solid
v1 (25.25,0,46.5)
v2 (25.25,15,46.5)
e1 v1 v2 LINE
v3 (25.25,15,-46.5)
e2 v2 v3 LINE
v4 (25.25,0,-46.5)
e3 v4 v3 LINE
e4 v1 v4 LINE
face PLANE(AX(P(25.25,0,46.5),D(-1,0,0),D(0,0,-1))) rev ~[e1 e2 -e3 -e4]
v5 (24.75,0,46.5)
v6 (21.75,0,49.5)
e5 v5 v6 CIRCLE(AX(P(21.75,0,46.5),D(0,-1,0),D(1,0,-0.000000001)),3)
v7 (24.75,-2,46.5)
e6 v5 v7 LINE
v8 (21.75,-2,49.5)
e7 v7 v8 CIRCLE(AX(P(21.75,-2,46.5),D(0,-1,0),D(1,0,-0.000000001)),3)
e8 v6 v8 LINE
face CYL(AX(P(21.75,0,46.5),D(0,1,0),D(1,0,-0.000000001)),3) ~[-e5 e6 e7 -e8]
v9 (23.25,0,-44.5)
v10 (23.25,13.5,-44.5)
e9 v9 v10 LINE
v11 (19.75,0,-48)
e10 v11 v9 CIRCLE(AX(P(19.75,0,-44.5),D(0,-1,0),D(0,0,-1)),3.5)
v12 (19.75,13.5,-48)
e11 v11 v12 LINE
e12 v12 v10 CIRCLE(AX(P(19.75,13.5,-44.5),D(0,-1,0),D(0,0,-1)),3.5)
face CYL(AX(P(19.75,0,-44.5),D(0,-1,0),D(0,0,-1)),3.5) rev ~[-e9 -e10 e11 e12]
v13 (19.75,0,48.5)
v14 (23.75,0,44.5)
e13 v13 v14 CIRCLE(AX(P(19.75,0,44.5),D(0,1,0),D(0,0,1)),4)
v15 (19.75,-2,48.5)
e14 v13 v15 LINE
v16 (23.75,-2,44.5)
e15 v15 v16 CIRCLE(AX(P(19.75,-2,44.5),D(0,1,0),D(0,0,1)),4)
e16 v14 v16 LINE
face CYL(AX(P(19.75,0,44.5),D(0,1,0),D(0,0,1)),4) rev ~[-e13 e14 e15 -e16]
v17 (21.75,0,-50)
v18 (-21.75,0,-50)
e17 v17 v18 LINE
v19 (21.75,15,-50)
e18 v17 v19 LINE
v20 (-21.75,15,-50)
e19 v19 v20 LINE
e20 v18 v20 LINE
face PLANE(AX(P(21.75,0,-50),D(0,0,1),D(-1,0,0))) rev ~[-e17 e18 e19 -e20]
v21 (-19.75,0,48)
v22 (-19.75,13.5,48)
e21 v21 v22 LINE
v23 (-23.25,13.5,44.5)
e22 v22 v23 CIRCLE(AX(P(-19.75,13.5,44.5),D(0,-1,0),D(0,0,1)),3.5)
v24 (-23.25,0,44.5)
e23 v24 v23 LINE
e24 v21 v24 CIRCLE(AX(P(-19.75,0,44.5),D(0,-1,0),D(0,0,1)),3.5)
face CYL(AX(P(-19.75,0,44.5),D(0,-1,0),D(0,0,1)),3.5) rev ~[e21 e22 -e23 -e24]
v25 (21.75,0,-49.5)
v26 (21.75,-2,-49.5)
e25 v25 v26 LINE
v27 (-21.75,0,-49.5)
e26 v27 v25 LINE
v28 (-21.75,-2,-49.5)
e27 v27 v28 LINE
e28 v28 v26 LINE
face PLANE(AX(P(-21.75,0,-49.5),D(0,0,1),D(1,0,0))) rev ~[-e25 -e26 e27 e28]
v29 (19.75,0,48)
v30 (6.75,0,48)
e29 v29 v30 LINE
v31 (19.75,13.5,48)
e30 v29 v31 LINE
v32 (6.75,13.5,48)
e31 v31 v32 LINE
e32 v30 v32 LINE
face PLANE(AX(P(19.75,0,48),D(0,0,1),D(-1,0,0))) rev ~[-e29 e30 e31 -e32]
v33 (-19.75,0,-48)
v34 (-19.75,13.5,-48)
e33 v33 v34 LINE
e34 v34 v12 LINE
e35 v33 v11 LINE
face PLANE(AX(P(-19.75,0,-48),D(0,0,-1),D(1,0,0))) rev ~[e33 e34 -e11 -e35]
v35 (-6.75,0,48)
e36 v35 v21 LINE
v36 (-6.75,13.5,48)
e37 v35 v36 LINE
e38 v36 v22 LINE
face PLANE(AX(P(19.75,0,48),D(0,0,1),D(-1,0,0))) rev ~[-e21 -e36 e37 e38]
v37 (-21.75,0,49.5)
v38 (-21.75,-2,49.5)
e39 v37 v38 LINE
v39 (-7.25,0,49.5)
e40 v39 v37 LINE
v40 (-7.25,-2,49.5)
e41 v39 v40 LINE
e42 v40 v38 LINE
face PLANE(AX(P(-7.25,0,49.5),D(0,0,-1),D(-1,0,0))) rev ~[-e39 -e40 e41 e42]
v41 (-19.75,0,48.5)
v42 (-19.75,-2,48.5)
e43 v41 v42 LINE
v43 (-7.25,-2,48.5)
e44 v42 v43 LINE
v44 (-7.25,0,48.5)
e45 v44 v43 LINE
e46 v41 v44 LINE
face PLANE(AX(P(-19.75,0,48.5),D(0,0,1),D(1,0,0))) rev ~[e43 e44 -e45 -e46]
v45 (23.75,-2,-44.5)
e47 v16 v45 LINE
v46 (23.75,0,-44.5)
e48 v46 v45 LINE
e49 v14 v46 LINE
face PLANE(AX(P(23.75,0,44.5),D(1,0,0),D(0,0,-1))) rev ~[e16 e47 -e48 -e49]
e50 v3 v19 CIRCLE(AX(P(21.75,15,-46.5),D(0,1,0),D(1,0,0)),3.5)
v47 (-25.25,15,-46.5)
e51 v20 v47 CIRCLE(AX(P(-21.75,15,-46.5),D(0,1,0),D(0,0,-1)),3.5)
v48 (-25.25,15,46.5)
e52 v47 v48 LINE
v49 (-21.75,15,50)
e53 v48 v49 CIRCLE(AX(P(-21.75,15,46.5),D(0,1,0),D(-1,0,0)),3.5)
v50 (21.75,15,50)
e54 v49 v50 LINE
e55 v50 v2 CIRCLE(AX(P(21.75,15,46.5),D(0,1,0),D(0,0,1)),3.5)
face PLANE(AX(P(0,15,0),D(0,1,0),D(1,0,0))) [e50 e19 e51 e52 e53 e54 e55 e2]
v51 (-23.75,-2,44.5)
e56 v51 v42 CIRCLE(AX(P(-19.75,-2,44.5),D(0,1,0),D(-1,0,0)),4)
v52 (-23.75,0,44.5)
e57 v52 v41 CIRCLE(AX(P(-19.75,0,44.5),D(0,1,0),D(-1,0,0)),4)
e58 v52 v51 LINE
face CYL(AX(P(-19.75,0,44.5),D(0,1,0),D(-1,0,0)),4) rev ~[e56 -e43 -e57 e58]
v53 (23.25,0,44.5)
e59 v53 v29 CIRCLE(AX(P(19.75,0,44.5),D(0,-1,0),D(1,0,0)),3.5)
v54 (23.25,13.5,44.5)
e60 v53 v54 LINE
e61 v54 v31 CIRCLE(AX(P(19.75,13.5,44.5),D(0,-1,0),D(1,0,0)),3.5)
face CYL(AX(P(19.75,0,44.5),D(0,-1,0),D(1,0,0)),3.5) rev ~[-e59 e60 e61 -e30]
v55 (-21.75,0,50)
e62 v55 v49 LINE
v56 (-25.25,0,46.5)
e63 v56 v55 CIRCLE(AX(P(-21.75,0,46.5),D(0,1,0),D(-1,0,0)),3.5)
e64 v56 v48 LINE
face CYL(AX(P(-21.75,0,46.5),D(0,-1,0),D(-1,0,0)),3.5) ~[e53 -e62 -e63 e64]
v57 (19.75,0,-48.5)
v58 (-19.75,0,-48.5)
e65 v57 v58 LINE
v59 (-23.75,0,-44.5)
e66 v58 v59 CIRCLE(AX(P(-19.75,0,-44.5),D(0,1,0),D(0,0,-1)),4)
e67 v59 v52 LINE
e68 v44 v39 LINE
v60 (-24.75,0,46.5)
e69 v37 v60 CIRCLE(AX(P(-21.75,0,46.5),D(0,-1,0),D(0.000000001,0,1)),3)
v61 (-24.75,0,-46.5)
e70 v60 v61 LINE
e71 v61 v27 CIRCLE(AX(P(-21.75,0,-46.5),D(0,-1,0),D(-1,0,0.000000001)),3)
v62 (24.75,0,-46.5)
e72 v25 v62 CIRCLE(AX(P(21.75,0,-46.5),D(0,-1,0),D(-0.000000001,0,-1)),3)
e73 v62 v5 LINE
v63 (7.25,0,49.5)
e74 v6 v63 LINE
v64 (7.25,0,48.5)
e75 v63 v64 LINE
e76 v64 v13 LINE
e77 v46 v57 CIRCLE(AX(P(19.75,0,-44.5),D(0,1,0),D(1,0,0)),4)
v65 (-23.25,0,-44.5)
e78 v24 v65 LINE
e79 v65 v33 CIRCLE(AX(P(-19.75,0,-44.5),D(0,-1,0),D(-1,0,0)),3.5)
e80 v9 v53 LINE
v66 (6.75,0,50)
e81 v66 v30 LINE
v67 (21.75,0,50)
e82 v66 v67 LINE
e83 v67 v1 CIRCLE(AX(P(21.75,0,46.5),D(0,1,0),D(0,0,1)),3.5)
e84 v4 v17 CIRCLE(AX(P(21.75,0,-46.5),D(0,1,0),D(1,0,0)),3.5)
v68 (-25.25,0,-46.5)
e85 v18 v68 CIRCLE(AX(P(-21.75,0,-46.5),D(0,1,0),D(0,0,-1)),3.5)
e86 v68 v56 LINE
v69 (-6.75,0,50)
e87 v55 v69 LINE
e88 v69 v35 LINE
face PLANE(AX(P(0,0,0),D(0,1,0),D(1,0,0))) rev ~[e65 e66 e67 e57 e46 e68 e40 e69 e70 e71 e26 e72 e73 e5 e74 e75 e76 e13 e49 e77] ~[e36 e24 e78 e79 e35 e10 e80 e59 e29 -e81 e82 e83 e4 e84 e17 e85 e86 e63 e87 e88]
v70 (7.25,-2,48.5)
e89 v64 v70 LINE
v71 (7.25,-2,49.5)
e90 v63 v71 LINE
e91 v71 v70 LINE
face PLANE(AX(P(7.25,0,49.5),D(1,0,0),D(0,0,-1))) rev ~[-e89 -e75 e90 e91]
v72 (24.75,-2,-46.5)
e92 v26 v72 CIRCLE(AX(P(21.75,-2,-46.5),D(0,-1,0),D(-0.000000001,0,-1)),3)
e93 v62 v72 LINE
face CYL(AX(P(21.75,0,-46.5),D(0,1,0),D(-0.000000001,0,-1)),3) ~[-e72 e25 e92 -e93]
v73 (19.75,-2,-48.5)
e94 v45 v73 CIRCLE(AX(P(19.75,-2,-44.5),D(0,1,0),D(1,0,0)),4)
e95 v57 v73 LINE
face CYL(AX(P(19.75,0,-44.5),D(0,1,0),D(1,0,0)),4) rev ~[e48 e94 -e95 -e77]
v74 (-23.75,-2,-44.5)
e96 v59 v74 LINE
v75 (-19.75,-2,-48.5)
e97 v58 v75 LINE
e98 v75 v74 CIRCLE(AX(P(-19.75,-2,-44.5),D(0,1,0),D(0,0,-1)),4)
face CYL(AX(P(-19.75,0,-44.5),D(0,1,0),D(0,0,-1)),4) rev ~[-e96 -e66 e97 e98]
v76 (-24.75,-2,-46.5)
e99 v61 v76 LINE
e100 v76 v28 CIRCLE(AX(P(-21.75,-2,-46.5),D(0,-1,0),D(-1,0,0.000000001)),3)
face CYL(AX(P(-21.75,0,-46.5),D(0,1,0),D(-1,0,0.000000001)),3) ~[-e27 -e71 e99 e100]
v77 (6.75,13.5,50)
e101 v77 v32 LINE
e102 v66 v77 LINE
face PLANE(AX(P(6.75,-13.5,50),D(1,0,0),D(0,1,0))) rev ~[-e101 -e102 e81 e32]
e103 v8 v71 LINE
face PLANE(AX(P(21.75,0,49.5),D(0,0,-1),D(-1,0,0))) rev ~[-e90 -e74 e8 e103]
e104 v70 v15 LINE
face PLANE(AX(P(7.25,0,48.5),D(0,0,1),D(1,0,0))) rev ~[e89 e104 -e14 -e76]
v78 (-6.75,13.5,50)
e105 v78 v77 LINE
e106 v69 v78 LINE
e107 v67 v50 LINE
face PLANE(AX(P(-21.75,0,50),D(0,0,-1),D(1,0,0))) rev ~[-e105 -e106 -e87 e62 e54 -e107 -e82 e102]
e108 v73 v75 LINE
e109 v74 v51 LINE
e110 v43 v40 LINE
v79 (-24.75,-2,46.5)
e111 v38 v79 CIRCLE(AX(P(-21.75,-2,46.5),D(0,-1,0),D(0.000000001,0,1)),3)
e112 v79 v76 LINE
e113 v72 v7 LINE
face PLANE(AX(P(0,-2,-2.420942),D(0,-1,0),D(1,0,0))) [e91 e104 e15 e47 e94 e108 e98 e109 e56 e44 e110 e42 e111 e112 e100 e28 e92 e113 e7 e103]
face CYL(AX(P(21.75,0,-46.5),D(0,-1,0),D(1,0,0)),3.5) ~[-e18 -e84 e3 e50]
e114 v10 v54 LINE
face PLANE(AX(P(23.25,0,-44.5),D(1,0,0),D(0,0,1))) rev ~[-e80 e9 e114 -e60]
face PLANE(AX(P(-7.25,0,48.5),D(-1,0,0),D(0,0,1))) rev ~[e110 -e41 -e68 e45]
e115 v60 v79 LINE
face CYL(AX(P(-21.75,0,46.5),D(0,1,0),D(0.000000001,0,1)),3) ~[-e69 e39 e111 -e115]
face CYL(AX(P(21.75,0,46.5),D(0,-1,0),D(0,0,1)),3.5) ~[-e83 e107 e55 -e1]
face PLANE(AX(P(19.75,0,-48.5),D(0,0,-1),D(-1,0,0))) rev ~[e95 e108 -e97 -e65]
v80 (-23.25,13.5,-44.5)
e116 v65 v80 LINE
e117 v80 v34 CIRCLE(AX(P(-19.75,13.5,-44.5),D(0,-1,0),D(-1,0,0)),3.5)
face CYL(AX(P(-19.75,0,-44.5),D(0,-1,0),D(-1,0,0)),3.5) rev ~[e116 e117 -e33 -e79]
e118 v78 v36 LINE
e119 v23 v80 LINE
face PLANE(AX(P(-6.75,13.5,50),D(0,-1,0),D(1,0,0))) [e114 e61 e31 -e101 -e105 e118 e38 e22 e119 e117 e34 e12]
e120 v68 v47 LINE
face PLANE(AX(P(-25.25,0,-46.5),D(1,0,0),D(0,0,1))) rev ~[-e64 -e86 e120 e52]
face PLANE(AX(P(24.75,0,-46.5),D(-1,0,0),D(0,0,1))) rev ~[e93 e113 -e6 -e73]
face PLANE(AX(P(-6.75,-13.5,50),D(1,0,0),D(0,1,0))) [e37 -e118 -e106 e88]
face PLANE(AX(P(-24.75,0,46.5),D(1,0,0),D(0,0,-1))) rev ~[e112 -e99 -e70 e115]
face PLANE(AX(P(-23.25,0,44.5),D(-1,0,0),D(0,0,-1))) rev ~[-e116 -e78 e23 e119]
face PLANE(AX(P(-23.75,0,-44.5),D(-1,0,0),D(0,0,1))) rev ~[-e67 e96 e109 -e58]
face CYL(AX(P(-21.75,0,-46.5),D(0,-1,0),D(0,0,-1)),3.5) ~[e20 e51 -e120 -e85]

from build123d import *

# Parameters (mm, degrees)
BOSS_EXTRUDE1_DEPTH     = 15
CUT_EXTRUDE1_DEPTH      = 13.5
SKETCH3_W               = 13.5
SKETCH3_H               = 27
CUT_EXTRUDE2_DEPTH      = 15
SALIENTE_EXTRUIR1_DEPTH = 2


with BuildPart() as part:
    # Sketch1 → Boss-Extrude1 (new body)
    with BuildSketch(Plane(origin=(0, 0, 0), x_dir=(1, 0, 0), z_dir=(0, 1, 0))):
        with BuildLine():
            Line((-21.75, -50), (21.75, -50))
            ThreePointArc((21.75, -50), (24.224873734, -48.974873734), (25.25, -46.5))
            Line((25.25, -46.5), (25.25, 46.5))
            ThreePointArc((25.25, 46.5), (24.224873734, 48.974873734), (21.75, 50))
            Line((21.75, 50), (-21.75, 50))
            ThreePointArc((-21.75, 50), (-24.224873734, 48.974873734), (-25.25, 46.5))
            Line((-25.25, 46.5), (-25.25, -46.5))
            ThreePointArc((-25.25, -46.5), (-24.224873734, -48.974873734), (-21.75, -50))
        make_face()
    extrude(amount=BOSS_EXTRUDE1_DEPTH)

    # Sketch2 → Cut-Extrude1 (cut)
    with BuildSketch(Plane.XZ):
        with BuildLine():
            Line((-19.75, -48), (19.75, -48))
            ThreePointArc((19.75, -48), (22.224873734, -46.974873734), (23.25, -44.5))
            Line((23.25, -44.5), (23.25, 44.5))
            ThreePointArc((23.25, 44.5), (22.224873734, 46.974873734), (19.75, 48))
            Line((19.75, 48), (-19.75, 48))
            ThreePointArc((-19.75, 48), (-22.224873734, 46.974873734), (-23.25, 44.5))
            Line((-23.25, 44.5), (-23.25, -44.5))
            ThreePointArc((-23.25, -44.5), (-22.224873734, -46.974873734), (-19.75, -48))
        make_face()
    extrude(amount=-CUT_EXTRUDE1_DEPTH, mode=Mode.SUBTRACT)

    # Sketch3 → Cut-Extrude2 (cut)
    with BuildSketch(Plane.XY.offset(50)):
        Rectangle(SKETCH3_W, SKETCH3_H)
    extrude(amount=-CUT_EXTRUDE2_DEPTH, mode=Mode.SUBTRACT)

    # Croquis3 → Saliente-Extruir1 (add)
    with BuildSketch(Plane.XZ):
        with BuildLine():
            Line((7.25, 48.5), (19.75, 48.5))
            ThreePointArc((19.75, 48.5), (22.578427125, 47.328427125), (23.75, 44.5))
            Line((23.75, 44.5), (23.75, -44.5))
            ThreePointArc((23.75, -44.5), (22.578427125, -47.328427125), (19.75, -48.5))
            Line((19.75, -48.5), (-19.75, -48.5))
            ThreePointArc((-19.75, -48.5), (-22.578427125, -47.328427125), (-23.75, -44.5))
            Line((-23.75, -44.5), (-23.75, 44.5))
            ThreePointArc((-23.75, 44.5), (-22.578427125, 47.328427125), (-19.75, 48.5))
            Line((-19.75, 48.5), (-7.25, 48.5))
            Line((-7.25, 48.5), (-7.25, 49.5))
            Line((-7.25, 49.5), (-21.75, 49.5))
            ThreePointArc((-21.75, 49.5), (-23.871320344, 48.621320344), (-24.75, 46.5))
            Line((-24.75, 46.5), (-24.75, -46.5))
            ThreePointArc((-24.75, -46.5), (-23.871320344, -48.621320344), (-21.75, -49.5))
            Line((-21.75, -49.5), (21.75, -49.5))
            ThreePointArc((21.75, -49.5), (23.871320344, -48.621320344), (24.75, -46.5))
            Line((24.75, -46.5), (24.75, 46.5))
            ThreePointArc((24.75, 46.5), (23.871320344, 48.621320344), (21.75, 49.5))
            Line((21.75, 49.5), (7.25, 49.5))
            Line((7.25, 49.5), (7.25, 48.5))
        make_face()
    extrude(amount=SALIENTE_EXTRUIR1_DEPTH)


solid = part.part
